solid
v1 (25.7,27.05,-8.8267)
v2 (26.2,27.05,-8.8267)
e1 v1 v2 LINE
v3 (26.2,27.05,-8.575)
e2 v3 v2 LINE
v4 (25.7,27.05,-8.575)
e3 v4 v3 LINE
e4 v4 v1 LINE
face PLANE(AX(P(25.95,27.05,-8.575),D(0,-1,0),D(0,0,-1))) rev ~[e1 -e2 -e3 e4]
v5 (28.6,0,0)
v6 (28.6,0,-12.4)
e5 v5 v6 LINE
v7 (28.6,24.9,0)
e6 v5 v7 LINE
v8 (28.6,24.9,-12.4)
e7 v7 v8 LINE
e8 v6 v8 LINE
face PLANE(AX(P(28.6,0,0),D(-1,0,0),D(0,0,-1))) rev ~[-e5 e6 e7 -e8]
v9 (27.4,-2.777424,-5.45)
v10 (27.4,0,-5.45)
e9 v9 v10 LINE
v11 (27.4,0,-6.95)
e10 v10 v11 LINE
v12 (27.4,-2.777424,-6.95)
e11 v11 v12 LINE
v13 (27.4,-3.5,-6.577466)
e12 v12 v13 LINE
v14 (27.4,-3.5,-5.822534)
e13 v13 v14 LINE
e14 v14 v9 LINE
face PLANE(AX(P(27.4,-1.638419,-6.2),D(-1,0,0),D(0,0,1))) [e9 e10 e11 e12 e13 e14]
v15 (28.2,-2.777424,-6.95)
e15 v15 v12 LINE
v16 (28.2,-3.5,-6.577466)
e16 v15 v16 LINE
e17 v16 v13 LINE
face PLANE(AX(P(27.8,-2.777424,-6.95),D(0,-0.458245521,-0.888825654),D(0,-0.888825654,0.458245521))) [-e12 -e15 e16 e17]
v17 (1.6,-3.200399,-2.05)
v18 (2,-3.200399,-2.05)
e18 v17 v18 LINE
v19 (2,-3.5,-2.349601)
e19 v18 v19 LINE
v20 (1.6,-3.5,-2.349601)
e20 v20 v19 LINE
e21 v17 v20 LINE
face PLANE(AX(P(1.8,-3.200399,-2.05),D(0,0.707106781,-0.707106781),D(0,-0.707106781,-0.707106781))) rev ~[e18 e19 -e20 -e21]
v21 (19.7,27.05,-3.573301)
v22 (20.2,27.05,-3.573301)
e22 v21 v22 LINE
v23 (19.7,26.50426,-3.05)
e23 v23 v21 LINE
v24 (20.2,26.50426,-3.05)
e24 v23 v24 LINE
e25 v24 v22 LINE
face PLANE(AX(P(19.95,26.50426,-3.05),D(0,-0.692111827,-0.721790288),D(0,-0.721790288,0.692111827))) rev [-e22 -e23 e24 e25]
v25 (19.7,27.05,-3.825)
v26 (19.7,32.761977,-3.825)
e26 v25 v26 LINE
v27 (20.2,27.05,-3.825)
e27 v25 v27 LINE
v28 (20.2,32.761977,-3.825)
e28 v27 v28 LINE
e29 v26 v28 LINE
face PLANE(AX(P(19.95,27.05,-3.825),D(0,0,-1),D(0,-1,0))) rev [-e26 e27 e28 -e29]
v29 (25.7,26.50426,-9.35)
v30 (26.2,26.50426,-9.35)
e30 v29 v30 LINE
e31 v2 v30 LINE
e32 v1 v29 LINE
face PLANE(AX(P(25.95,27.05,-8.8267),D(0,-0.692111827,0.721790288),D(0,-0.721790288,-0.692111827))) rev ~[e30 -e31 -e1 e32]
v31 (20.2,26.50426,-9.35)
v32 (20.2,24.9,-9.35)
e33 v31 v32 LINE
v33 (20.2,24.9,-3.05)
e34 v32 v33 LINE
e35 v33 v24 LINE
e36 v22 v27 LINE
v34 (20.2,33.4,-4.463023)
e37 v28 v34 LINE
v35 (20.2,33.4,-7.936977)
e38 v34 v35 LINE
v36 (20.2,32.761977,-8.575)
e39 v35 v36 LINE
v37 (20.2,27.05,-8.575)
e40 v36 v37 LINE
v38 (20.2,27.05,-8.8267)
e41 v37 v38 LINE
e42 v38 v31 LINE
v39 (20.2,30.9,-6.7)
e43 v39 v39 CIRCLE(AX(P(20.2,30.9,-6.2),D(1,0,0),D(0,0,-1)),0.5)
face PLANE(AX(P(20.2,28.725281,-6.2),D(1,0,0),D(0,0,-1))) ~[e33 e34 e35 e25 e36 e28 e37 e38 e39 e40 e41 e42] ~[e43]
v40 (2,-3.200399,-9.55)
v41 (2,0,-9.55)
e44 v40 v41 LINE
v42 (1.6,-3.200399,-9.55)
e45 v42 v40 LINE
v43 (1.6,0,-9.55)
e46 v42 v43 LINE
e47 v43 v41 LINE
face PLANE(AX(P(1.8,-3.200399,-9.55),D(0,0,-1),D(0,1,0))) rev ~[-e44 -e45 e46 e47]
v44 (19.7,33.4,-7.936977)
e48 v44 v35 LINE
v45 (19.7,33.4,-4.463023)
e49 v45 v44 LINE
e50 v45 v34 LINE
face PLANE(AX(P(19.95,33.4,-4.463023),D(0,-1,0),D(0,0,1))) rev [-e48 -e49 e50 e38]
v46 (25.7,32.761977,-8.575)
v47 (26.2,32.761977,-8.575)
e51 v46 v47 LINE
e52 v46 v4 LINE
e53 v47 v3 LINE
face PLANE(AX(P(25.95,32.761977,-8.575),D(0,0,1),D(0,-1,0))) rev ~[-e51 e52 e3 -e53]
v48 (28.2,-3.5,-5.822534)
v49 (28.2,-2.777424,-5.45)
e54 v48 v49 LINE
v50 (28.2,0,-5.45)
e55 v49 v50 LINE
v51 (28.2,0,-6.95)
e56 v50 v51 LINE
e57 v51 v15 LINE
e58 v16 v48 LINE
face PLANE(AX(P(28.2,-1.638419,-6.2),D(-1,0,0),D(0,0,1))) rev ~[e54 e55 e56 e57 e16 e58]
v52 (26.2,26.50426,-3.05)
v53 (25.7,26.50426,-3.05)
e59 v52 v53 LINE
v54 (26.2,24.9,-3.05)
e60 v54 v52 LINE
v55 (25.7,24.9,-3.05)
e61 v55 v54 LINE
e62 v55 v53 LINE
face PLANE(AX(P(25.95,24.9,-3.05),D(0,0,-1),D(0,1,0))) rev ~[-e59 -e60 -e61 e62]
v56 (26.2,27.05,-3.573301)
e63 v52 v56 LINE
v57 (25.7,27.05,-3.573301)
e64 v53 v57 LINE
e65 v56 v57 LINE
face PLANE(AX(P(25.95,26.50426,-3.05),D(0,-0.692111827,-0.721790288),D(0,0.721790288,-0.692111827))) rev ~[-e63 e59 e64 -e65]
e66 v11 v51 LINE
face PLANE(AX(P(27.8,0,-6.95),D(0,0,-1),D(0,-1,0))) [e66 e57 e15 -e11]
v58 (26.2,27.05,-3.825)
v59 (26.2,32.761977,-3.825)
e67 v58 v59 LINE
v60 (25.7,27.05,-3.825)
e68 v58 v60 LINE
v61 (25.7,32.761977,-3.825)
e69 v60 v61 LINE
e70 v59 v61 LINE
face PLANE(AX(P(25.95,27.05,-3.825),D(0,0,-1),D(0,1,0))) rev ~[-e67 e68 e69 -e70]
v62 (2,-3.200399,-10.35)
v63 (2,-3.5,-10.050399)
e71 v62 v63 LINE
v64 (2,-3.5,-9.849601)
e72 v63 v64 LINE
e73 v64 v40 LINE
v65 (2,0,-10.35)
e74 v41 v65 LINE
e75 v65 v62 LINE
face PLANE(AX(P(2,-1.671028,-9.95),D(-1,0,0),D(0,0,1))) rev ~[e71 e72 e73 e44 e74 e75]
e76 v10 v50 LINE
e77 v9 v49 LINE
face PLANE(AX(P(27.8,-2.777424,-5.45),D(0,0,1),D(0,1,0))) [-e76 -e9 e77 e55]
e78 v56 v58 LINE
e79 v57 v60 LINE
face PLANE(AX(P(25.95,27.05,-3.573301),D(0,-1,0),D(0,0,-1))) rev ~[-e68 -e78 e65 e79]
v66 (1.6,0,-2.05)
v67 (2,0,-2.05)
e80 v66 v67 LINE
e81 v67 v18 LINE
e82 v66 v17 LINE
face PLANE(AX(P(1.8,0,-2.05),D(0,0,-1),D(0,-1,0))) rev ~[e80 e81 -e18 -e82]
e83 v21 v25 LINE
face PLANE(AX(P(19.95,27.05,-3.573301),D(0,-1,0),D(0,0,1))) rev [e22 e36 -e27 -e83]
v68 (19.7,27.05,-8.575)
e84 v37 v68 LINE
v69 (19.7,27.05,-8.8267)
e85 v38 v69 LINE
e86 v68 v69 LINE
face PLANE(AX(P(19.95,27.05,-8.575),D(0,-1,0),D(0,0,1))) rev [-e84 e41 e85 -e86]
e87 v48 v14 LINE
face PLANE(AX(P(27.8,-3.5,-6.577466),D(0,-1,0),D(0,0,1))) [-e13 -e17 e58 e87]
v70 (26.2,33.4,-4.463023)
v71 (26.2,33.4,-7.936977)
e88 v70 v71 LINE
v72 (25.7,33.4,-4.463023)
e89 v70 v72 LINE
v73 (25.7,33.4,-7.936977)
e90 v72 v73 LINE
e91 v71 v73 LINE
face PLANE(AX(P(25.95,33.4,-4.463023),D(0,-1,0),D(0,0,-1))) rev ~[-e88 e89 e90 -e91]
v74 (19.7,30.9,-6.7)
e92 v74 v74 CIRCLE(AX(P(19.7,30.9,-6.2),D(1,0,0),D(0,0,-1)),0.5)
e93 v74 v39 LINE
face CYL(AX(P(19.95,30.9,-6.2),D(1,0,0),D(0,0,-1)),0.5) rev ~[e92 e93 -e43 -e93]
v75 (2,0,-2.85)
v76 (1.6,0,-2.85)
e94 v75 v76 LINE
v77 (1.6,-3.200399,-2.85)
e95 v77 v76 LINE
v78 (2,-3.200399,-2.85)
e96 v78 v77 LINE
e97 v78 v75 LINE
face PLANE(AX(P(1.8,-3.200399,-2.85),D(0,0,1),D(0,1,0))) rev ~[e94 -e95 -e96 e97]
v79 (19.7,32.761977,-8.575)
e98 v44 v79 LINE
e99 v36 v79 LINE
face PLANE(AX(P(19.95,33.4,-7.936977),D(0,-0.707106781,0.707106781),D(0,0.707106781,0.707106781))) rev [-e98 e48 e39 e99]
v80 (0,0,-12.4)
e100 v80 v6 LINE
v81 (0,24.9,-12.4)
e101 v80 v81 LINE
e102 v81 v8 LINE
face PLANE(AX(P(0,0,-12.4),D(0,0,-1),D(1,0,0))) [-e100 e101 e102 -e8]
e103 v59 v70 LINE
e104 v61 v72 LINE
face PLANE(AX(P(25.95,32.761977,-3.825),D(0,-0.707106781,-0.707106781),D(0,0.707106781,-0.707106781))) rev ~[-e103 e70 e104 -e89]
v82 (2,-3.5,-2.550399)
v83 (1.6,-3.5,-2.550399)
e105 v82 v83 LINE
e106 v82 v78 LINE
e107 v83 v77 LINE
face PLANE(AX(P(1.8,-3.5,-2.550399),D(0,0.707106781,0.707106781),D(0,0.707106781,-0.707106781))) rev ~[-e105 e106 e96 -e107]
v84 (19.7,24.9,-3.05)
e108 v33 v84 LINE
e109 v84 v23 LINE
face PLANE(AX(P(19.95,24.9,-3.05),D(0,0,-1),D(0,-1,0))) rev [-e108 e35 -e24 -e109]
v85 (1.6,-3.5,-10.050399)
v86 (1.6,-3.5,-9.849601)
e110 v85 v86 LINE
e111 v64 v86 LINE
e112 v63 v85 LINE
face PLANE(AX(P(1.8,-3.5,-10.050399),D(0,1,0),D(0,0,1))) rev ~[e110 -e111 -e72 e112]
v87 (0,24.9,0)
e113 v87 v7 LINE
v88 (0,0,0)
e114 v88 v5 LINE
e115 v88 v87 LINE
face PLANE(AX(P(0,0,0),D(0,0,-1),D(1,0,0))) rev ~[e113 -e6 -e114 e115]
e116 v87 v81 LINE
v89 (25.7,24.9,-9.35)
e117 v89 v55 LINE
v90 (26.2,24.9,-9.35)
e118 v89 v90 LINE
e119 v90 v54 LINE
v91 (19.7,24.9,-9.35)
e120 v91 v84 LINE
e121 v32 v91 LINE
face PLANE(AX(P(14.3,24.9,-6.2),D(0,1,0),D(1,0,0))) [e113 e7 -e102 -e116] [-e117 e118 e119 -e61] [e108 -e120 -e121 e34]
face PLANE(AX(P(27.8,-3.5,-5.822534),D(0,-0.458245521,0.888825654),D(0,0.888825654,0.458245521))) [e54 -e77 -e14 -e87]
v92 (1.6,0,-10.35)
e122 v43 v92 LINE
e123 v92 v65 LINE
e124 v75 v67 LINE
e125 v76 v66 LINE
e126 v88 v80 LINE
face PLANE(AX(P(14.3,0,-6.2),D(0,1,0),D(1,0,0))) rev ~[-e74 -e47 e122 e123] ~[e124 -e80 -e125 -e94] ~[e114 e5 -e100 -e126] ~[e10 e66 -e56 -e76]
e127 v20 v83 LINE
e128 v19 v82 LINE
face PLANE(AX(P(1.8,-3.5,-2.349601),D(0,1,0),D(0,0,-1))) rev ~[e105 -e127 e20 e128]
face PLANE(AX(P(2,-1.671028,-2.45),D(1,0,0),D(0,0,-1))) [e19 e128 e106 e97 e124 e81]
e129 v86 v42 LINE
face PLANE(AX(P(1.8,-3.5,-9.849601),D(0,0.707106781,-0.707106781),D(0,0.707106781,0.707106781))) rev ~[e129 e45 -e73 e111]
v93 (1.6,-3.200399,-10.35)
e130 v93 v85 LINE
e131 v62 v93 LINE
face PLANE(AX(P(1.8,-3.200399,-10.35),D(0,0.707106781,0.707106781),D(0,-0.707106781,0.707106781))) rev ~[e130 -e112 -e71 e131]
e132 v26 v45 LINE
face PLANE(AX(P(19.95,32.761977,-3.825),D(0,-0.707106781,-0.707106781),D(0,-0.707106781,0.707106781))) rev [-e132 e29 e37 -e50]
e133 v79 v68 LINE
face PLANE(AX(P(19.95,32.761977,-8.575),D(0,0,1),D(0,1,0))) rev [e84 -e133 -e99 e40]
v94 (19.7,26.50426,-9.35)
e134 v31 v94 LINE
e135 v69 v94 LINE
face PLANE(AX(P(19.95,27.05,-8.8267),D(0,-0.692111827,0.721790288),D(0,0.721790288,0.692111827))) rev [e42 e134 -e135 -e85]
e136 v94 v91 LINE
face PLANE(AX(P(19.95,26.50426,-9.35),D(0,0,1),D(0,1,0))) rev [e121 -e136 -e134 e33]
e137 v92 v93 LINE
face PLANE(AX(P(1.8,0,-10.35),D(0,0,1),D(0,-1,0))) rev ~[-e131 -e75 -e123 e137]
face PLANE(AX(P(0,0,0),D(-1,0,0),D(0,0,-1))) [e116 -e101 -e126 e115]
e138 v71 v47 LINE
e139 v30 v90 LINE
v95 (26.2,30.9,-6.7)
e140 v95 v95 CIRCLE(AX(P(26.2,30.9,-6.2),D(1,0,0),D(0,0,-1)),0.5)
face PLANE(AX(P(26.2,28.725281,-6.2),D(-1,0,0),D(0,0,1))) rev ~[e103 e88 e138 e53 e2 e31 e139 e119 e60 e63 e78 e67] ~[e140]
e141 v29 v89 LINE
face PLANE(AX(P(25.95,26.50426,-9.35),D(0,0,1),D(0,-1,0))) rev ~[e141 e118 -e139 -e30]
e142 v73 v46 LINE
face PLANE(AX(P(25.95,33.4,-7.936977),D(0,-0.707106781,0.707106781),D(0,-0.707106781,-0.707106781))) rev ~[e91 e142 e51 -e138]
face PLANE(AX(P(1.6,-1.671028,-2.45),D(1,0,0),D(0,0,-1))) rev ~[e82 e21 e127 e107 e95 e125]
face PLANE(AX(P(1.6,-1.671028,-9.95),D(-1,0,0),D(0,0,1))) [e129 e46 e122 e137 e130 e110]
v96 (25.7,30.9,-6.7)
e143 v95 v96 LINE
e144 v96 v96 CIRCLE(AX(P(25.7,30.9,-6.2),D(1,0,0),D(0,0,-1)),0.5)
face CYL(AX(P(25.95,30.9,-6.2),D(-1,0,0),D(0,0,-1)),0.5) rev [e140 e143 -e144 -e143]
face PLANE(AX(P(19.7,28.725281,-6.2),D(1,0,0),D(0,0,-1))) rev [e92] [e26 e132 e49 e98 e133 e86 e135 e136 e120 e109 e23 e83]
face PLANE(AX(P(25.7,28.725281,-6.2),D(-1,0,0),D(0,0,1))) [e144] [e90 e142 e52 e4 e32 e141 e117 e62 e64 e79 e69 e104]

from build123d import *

# Parameters (mm, degrees)
CROQUIS1_W              = 28.6
CROQUIS1_H              = 12.4
SALIENTE_EXTRUIR1_DEPTH = 24.9
CROQUIS2_R              = 0.5
SALIENTE_EXTRUIR2_DEPTH = 0.25
SALIENTE_EXTRUIR3_DEPTH = 0.4
SALIENTE_EXTRUIR4_DEPTH = 0.2


with BuildPart() as part:
    # Croquis1 → Saliente-Extruir1 (new body)
    with BuildSketch(Plane(origin=(0, 0, 0), x_dir=(1, 0, 0), z_dir=(0, 1, 0))):
        with Locations((14.3, 6.2)):
            Rectangle(CROQUIS1_W, CROQUIS1_H)
    extrude(amount=SALIENTE_EXTRUIR1_DEPTH)

    # Croquis2 → Saliente-Extruir2 (add, symmetric)
    with BuildSketch(Plane(origin=(25.95, 0, 0), x_dir=(0, 0, -1), z_dir=(1, 0, 0))):
        Polygon((3.05, 24.9), (3.05, 26.504259841), (3.5733005, 27.05), (3.825, 27.05), (3.825, 32.761976859), (4.463023141, 33.4), (7.936976859, 33.4), (8.575, 32.761976859), (8.575, 27.05), (8.8266995, 27.05), (9.35, 26.504259841), (9.35, 24.9), align=None)
        with Locations((6.2, 30.9)):
            Circle(CROQUIS2_R, mode=Mode.SUBTRACT)
    saliente_extruir2 = extrude(amount=SALIENTE_EXTRUIR2_DEPTH, both=True)

    # Simetría1: Saliente-Extruir2 across plane
    add(saliente_extruir2.mirror(Plane(origin=(22.95, 0, 0), x_dir=(0, 0, 1), z_dir=(1, 0, 0))))

    # Croquis4 → Saliente-Extruir3 (add, symmetric)
    with BuildSketch(Plane.ZY.offset(-27.8)):
        Polygon((-6.95, 0), (-6.95, -2.77742352), (-6.577466383, -3.5), (-5.822533617, -3.5), (-5.45, -2.77742352), (-5.45, 0), align=None)
    extrude(amount=SALIENTE_EXTRUIR3_DEPTH, both=True)

    # Croquis6 → Saliente-Extruir4 (add, symmetric)
    with BuildSketch(Plane.ZY.offset(-1.8)):
        Polygon((-10.35, 0), (-10.35, -3.200399192), (-10.050399192, -3.5), (-9.849600808, -3.5), (-9.55, -3.200399192), (-9.55, 0), align=None)
        Polygon((-2.85, 0), (-2.05, 0), (-2.05, -3.200399192), (-2.349600808, -3.5), (-2.550399192, -3.5), (-2.85, -3.200399192), align=None)
    extrude(amount=SALIENTE_EXTRUIR4_DEPTH, both=True)


solid = part.part
